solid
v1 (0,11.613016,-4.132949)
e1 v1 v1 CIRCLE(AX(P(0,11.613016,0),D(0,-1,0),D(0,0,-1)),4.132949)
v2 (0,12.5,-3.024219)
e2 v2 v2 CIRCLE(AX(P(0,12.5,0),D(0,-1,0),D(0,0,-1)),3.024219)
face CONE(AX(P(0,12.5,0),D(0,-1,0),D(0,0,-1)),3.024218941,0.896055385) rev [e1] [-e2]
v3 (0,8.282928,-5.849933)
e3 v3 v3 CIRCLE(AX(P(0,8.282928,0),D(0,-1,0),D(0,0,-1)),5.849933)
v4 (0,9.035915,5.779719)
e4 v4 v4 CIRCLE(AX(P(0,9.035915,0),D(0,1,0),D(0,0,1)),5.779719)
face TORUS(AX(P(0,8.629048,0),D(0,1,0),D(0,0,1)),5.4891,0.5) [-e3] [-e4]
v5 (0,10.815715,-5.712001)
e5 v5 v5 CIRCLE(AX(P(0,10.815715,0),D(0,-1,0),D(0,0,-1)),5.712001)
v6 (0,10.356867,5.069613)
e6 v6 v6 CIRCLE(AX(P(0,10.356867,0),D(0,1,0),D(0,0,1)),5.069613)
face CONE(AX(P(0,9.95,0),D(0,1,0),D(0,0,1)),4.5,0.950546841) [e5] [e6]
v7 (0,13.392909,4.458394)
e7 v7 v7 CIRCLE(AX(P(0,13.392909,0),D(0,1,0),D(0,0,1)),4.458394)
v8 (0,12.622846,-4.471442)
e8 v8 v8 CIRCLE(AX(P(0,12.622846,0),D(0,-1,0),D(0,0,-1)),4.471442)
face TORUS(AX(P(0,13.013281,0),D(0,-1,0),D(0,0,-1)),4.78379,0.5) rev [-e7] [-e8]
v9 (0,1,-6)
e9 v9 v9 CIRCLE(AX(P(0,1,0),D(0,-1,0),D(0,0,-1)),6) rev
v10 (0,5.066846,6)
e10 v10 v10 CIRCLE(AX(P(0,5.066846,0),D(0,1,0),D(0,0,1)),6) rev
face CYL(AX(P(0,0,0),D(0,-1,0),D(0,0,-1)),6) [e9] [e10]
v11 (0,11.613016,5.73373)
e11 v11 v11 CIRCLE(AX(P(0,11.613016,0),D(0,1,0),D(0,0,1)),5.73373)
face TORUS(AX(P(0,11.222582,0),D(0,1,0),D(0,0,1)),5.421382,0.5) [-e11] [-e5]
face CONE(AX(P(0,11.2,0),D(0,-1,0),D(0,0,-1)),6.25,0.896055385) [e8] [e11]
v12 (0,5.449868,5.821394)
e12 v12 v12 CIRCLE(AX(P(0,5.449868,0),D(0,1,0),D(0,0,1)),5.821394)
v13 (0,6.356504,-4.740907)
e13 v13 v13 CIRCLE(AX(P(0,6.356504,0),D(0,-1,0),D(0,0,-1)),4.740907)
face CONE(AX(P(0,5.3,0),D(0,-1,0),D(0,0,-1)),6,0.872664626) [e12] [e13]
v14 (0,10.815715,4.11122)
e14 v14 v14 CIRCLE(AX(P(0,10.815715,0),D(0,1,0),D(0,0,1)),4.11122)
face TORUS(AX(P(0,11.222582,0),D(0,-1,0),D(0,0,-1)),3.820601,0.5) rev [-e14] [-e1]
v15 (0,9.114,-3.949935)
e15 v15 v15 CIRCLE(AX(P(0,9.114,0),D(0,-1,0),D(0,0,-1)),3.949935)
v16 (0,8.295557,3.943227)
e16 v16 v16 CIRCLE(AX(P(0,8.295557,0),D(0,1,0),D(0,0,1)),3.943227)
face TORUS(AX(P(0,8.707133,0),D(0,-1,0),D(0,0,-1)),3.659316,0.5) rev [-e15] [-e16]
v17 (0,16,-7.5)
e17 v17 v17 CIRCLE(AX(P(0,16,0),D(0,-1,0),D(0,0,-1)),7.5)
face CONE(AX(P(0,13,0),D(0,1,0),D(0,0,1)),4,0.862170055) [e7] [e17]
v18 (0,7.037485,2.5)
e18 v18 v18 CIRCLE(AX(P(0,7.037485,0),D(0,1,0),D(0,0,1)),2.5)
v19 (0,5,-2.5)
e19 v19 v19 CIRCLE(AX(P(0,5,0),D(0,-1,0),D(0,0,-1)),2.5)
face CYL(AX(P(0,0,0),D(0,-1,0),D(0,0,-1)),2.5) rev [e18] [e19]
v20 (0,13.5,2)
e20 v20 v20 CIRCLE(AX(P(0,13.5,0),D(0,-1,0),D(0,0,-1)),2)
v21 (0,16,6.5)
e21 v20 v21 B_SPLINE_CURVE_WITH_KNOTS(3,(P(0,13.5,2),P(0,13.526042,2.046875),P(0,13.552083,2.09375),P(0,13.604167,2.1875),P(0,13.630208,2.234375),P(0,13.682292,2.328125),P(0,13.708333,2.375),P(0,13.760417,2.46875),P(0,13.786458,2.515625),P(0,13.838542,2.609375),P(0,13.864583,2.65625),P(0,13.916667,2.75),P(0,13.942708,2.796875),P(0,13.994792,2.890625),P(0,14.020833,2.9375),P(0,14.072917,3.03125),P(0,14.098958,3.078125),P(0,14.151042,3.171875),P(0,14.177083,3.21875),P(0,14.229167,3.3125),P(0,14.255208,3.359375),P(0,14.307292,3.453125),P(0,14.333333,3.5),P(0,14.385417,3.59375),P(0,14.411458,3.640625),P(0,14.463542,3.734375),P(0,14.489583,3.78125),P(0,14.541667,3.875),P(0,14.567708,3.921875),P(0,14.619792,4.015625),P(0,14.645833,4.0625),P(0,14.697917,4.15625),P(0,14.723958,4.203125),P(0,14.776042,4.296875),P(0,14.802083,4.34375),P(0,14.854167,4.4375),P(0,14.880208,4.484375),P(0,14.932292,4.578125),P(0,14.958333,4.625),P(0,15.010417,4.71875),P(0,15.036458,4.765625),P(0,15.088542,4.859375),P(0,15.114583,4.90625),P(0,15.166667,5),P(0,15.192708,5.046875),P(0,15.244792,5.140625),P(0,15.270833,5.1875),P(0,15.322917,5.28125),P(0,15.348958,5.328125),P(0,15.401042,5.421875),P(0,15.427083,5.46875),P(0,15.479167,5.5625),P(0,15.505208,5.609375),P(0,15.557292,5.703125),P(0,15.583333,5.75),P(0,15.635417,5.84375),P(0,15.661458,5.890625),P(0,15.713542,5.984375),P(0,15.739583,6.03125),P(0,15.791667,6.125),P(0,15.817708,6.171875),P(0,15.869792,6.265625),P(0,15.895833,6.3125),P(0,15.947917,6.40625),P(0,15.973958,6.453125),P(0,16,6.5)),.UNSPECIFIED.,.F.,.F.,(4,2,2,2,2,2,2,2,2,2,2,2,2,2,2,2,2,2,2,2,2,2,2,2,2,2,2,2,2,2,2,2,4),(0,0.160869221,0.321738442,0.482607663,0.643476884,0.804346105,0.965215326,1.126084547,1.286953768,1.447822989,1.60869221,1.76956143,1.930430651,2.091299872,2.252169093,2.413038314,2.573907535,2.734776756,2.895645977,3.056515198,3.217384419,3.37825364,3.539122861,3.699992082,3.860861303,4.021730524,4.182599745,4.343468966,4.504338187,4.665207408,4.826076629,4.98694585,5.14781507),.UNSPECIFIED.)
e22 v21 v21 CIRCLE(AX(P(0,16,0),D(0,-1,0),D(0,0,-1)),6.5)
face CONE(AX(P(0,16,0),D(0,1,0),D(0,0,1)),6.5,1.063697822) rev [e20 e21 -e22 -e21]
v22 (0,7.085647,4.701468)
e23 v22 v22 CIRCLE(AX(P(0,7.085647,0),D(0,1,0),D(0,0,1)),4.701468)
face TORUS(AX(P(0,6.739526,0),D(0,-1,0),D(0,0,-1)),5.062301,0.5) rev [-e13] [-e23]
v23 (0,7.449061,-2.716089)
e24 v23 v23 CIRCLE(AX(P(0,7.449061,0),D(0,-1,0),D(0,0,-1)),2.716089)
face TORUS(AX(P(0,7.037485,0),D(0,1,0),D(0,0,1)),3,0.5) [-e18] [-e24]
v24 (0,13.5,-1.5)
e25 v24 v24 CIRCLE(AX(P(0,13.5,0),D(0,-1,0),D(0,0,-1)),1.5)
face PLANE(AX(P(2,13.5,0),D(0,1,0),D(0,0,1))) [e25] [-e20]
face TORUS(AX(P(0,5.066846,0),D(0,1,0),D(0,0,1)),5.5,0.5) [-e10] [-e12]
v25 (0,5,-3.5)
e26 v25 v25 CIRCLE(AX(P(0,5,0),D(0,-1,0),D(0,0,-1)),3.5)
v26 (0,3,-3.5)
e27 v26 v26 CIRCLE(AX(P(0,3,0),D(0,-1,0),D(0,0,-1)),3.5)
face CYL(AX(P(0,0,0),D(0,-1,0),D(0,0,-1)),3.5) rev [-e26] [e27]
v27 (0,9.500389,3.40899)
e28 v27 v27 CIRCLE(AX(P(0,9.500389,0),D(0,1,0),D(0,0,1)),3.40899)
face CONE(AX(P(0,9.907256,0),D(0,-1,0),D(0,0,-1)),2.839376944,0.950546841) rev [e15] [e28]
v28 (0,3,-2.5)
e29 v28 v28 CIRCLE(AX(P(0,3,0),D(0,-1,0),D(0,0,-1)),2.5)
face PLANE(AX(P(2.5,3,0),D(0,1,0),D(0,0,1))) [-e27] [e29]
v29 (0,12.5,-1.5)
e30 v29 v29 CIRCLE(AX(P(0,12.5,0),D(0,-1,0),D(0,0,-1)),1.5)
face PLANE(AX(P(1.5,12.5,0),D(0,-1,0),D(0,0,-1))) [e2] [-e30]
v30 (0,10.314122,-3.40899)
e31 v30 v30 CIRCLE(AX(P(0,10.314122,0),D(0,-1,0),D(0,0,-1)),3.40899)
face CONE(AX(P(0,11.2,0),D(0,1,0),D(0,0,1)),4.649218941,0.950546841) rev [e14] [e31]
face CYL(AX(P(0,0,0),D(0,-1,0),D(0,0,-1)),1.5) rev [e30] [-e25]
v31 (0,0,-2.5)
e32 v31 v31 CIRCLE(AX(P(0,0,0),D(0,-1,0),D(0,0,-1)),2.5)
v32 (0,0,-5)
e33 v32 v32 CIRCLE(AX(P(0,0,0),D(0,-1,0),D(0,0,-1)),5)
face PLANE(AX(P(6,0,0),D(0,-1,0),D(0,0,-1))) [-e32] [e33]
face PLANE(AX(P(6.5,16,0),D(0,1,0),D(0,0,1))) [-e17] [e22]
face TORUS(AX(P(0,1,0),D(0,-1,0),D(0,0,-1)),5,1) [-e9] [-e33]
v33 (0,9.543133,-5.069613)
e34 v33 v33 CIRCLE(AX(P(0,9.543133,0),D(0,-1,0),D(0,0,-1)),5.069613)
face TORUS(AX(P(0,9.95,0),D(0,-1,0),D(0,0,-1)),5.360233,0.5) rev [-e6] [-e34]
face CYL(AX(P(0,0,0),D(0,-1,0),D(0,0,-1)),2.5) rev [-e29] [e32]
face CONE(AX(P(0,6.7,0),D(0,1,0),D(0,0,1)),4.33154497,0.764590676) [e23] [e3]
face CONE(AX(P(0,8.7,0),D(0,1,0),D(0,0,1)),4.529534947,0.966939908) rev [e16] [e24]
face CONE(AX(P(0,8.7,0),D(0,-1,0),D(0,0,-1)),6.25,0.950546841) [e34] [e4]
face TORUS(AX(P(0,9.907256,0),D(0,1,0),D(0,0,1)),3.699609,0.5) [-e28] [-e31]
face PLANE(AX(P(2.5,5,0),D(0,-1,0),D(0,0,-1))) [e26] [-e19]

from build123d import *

# Parameters (mm, degrees)
CONG_1_R = 0.5
CONG_2_R = 1


with BuildPart() as part:
    # Esquisse1 → Révolution1 (revolve)
    with BuildSketch(Plane.XY, mode=Mode.PRIVATE) as r_volution1_sk:
        Polygon((2.5, 0), (2.5, 3), (3.5, 3), (3.5, 5), (2.5, 5), (2.5, 7.3), (4.529534947, 8.7), (2.839376944, 9.907255716), (4.649218941, 11.2), (3.024218941, 12.5), (1.5, 12.5), (1.5, 13.5), (2, 13.5), (6.5, 16), (7.5, 16), (4, 13), (6.25, 11.2), (4.5, 9.95), (6.25, 8.7), (4.33154497, 6.7), (6, 5.3), (6, 0), align=None)
    revolve(r_volution1_sk.sketch.rotate(Axis((0, 0, 0), (0, 1, 0)), 90), axis=Axis((0, 0, 0), (0, 1, 0)))

    # Congé1
    cong_1_edges = [part.edges().sort_by_distance(p)[0] for p in [
        (0, 5.3, 6),
        (0, 6.7, 4.33154497),
        (0, 8.7, 6.25),
        (0, 9.95, 4.5),
        (0, 11.2, 6.25),
        (0, 13, 4),
        (0, 11.2, 4.649218941),
        (0, 9.907255716, 2.839376944),
        (0, 8.7, 4.529534947),
        (0, 7.3, 2.5),
    ]]
    fillet(cong_1_edges, radius=CONG_1_R)

    # Congé2
    cong_2_edges = [part.edges().sort_by_distance(p)[0] for p in [
        (0, 0, 6),
    ]]
    fillet(cong_2_edges, radius=CONG_2_R)


solid = part.part
